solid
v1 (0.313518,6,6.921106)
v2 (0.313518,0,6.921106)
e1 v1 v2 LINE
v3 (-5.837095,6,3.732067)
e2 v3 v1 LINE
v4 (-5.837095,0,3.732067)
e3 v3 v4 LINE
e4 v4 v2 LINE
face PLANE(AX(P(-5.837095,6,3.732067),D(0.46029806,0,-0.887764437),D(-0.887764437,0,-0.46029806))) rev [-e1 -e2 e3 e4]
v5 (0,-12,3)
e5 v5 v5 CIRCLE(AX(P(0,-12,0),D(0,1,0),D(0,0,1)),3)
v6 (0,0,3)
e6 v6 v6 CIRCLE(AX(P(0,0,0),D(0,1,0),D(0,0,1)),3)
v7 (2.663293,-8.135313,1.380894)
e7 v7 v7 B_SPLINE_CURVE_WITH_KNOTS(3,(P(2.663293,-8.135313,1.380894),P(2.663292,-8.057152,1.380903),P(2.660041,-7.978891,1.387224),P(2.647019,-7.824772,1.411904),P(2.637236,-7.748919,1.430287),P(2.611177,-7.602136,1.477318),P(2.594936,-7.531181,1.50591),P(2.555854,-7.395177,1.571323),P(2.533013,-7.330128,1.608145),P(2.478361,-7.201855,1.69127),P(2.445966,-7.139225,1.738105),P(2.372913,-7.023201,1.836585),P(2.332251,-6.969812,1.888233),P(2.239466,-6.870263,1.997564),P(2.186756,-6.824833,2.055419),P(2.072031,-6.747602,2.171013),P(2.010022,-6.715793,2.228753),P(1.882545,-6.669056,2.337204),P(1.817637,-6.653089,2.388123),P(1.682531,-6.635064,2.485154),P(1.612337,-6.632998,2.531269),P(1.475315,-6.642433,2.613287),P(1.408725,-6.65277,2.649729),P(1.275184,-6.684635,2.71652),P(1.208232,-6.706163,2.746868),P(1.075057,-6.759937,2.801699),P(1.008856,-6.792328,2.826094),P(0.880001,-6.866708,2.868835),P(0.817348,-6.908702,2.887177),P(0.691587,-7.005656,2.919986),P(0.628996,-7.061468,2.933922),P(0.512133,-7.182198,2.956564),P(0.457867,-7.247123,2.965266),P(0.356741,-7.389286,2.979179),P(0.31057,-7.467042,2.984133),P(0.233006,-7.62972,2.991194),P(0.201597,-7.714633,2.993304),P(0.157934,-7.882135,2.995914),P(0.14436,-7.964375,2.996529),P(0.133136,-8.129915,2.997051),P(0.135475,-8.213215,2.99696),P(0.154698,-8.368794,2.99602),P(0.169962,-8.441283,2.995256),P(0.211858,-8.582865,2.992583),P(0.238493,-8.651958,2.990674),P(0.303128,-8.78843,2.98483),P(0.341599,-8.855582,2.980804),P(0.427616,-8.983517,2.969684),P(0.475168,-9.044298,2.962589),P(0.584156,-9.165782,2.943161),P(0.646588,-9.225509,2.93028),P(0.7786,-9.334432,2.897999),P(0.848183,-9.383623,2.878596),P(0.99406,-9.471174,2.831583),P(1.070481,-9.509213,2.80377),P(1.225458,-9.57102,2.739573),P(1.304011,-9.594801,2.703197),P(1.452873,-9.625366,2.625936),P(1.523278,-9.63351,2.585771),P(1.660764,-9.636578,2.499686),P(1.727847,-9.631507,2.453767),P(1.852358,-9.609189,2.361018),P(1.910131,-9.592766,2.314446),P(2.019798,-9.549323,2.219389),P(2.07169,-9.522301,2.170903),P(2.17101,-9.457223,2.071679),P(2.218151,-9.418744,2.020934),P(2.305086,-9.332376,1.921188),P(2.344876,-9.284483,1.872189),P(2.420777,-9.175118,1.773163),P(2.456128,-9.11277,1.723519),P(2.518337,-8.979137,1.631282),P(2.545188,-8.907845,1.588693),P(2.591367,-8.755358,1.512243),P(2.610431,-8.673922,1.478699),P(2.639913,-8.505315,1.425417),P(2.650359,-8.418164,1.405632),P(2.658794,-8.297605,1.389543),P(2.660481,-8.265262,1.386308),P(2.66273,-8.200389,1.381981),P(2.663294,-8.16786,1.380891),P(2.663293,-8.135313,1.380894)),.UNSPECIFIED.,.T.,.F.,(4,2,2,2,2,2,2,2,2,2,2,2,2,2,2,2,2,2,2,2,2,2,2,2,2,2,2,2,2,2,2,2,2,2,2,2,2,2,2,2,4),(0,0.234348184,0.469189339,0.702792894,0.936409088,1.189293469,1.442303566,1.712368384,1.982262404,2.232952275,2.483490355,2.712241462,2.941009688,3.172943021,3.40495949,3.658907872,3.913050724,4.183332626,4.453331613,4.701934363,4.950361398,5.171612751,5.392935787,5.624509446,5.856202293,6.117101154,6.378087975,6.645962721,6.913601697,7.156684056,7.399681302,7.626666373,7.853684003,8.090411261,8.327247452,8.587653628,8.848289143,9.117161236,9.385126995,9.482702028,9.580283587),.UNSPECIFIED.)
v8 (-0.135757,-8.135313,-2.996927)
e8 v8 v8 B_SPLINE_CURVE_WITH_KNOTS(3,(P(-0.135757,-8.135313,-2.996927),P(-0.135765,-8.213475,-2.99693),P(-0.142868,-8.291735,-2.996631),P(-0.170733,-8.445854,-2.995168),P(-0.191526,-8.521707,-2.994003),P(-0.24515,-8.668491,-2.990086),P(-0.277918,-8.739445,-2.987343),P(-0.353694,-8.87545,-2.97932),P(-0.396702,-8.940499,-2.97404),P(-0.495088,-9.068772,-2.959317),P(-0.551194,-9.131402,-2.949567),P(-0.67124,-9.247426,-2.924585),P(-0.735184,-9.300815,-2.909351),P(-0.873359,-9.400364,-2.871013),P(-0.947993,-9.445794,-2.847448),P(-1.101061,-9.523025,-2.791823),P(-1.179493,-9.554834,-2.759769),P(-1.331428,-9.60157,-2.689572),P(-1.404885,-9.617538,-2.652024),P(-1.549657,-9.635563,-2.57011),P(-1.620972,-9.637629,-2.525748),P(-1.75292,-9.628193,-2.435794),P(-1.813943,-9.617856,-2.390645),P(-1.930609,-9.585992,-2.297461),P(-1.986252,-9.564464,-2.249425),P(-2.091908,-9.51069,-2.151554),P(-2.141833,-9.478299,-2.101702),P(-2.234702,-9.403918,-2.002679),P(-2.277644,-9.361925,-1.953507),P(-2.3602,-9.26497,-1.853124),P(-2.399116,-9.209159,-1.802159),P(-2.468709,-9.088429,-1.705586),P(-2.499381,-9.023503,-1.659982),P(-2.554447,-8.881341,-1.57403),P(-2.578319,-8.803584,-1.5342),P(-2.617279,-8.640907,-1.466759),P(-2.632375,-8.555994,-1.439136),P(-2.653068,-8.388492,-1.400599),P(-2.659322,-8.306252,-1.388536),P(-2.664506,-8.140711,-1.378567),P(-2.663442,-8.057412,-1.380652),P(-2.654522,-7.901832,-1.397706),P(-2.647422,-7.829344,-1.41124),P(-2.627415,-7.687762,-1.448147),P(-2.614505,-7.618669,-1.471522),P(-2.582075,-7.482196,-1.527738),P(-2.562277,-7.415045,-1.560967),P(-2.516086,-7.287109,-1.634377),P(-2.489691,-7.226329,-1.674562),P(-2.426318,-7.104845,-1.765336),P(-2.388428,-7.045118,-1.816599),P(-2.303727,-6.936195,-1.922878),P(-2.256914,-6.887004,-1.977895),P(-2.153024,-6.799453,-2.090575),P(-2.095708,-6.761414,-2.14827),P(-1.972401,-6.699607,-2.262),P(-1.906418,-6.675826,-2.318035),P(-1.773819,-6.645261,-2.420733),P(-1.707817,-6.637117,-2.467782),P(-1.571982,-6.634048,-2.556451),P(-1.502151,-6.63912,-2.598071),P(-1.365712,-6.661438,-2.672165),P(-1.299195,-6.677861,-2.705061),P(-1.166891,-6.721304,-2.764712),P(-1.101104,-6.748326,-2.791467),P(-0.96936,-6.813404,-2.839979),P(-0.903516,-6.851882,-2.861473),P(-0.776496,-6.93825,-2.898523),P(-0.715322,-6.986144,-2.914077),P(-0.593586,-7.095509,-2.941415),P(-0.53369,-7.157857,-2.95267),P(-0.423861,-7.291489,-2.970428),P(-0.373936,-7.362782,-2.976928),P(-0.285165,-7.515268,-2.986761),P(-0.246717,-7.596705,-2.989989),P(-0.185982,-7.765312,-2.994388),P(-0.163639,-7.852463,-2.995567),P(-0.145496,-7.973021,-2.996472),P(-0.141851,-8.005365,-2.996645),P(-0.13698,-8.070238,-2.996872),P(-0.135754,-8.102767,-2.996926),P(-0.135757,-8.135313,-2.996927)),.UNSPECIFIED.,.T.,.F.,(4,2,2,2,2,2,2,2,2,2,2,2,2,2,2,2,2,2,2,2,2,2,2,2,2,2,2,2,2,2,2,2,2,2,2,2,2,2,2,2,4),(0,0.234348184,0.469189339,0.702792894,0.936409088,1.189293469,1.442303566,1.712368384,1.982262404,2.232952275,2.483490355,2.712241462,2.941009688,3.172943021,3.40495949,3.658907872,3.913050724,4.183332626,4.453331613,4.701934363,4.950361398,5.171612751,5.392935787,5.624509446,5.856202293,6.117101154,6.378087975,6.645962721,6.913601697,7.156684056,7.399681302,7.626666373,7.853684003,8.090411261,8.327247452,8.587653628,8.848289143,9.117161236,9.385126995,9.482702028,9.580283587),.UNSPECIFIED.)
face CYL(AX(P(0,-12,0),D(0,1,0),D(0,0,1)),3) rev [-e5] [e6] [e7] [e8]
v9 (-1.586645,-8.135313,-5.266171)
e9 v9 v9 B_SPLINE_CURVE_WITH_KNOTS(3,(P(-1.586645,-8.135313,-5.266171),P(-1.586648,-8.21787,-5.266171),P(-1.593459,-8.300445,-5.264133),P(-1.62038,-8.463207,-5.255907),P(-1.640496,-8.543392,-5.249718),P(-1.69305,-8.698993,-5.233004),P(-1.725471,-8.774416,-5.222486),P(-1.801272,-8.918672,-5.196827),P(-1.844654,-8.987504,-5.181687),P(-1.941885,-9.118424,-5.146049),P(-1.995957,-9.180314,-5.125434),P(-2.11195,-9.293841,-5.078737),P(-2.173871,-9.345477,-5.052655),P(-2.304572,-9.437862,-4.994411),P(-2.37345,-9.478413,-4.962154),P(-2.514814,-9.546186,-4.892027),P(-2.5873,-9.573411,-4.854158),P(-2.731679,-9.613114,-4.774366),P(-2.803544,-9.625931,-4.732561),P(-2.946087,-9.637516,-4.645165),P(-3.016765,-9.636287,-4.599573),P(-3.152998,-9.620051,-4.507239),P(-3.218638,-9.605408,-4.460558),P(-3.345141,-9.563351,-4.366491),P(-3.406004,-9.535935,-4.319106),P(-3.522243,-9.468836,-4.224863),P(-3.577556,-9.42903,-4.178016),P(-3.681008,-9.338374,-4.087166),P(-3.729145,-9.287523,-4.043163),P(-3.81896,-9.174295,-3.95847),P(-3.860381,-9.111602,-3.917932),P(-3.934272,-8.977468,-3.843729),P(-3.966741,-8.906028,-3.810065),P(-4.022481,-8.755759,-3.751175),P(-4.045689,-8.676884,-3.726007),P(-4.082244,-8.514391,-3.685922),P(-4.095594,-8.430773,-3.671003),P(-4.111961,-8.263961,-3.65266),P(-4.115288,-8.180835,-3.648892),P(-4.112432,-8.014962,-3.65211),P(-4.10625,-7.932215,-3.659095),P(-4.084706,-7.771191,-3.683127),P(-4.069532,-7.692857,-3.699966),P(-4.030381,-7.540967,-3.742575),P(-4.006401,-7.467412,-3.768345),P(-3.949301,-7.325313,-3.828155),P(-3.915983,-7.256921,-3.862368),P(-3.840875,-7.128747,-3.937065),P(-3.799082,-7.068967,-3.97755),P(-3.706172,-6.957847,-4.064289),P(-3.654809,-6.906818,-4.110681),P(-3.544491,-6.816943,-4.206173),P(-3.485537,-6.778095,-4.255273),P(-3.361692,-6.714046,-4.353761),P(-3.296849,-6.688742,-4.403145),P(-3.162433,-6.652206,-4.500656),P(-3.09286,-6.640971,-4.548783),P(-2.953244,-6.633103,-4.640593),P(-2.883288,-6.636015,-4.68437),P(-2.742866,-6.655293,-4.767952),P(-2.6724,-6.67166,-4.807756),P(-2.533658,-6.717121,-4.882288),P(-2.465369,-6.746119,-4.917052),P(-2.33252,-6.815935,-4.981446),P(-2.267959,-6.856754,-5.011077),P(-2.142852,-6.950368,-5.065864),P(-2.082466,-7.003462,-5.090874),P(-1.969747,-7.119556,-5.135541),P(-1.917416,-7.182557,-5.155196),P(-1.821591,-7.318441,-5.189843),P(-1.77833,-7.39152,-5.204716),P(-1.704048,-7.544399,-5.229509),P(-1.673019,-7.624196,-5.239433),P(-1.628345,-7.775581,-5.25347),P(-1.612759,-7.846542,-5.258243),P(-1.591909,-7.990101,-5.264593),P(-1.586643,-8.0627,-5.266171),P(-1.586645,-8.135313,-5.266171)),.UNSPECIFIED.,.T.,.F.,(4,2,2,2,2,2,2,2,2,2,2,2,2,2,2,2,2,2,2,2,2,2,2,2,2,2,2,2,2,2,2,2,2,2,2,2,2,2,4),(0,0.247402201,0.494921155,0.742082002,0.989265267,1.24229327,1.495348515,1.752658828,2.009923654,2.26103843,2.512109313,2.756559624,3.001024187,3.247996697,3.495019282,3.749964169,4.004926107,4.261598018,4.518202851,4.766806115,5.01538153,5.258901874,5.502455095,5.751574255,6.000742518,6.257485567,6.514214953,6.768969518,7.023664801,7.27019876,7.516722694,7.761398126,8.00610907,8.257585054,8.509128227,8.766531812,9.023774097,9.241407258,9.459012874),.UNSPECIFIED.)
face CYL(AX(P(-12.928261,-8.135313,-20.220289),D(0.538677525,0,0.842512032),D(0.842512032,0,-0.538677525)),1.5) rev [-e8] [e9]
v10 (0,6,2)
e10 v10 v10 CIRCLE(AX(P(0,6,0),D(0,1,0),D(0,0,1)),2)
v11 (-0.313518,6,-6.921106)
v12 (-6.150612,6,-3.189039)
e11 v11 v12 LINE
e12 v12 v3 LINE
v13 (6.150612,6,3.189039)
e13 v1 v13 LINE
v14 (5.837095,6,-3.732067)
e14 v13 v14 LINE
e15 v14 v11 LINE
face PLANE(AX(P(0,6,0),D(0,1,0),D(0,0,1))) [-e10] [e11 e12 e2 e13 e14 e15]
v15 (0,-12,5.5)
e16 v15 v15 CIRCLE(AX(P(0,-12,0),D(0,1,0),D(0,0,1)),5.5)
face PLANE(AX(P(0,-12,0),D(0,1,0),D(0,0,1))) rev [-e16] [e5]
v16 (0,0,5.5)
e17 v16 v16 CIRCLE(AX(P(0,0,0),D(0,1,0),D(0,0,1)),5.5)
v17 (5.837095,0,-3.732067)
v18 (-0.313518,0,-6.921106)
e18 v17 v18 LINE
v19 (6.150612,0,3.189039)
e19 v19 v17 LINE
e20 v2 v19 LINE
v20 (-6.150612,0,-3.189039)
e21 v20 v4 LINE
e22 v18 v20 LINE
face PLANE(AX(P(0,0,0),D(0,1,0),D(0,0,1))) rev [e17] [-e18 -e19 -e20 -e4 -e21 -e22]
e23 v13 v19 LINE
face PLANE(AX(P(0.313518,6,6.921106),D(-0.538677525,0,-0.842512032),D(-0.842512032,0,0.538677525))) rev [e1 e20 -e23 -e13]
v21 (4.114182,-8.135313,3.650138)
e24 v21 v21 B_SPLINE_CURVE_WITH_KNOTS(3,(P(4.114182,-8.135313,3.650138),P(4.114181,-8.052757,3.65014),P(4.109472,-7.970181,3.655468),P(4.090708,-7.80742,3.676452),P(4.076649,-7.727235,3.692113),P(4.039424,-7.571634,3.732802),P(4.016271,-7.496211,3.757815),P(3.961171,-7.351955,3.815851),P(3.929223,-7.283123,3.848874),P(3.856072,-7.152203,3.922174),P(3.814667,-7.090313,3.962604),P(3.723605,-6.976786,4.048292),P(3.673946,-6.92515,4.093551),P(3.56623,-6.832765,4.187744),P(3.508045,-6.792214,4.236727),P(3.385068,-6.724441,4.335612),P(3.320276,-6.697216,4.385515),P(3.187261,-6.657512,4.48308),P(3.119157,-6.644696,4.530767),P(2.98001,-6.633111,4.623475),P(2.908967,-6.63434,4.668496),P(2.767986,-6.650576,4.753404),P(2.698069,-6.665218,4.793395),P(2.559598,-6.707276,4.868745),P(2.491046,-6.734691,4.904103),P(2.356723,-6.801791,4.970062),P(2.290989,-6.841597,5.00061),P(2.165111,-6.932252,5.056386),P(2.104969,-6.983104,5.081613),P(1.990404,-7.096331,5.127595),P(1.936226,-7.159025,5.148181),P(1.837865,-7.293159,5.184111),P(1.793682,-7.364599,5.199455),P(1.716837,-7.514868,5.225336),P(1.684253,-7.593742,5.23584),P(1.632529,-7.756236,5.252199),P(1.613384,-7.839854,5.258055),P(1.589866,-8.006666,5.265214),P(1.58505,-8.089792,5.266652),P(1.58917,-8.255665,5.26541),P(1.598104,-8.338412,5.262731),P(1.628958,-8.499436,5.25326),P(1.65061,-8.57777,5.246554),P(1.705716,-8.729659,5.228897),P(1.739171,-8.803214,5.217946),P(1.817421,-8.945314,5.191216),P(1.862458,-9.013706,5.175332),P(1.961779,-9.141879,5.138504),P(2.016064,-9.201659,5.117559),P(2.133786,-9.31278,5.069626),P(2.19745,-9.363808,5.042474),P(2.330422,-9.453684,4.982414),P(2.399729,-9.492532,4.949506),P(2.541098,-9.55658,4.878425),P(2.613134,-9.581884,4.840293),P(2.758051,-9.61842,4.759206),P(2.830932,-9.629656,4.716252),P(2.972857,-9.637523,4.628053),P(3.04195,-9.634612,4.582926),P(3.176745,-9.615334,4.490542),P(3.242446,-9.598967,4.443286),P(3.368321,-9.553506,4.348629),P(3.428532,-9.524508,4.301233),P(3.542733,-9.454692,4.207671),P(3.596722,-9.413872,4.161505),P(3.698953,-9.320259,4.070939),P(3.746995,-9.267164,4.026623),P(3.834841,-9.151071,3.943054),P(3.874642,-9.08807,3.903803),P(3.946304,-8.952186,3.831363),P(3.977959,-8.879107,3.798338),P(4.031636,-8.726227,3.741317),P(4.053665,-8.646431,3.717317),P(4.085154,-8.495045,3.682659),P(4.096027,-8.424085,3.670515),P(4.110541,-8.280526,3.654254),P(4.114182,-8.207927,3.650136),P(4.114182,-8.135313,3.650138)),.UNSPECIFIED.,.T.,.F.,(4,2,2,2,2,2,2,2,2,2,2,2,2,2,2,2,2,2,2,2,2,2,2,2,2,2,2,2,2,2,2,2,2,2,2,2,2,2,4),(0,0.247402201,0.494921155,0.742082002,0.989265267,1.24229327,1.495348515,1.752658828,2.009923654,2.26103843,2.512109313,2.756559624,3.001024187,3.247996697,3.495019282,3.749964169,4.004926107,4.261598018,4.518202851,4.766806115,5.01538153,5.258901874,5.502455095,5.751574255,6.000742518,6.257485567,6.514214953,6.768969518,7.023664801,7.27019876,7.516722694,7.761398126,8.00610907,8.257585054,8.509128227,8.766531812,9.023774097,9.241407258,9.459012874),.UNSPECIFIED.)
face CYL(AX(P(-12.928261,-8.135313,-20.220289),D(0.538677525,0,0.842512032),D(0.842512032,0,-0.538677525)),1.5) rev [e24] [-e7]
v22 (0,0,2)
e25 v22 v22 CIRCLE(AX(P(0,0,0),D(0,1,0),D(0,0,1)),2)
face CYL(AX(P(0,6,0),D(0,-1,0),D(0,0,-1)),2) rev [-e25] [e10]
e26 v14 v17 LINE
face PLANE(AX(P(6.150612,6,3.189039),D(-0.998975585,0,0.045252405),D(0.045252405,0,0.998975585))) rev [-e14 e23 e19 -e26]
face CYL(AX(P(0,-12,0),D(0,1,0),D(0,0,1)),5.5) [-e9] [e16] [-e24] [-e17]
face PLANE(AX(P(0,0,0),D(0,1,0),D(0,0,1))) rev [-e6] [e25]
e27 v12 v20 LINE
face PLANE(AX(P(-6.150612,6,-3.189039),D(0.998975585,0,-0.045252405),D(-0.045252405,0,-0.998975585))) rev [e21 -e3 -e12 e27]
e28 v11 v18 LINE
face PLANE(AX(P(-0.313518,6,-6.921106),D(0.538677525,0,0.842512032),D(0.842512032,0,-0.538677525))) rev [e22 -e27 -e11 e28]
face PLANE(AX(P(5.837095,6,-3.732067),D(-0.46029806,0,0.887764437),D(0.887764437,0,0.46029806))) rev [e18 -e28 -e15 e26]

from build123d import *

# Parameters (mm, degrees)
SKETCH_1_R          = 2
EXTRUDE_1_DEPTH     = 6
SKETCH_1_3_R        = 5.5
SKETCH_1_3_R_2      = 3
EXTRUDE_2_DEPTH     = 12
SKETCH_2_R          = 1.5
CUT_EXTRUDE_1_DEPTH = 30


with BuildPart() as part:
    # 草图1 → 凸台-拉伸1 (new body)
    with BuildSketch(Plane(origin=(0, 0, 0), x_dir=(1, 0, 0), z_dir=(0, 1, 0))):
        Polygon((5.837094583, 3.732067367), (-0.313517857, 6.921105876), (-6.15061244, 3.18903851), (-5.837094583, -3.732067367), (0.313517857, -6.921105876), (6.15061244, -3.18903851), align=None)
        Circle(SKETCH_1_R, mode=Mode.SUBTRACT)
    extrude(amount=EXTRUDE_1_DEPTH)

    # 草图1<3> → 凸台-拉伸2 (add)
    with BuildSketch(Plane(origin=(0, 0, 0), x_dir=(1, 0, 0), z_dir=(0, 1, 0))):
        Circle(SKETCH_1_3_R)
        Circle(SKETCH_1_3_R_2, mode=Mode.SUBTRACT)
    extrude(amount=-EXTRUDE_2_DEPTH)

    # 草图2 → 切除-拉伸1 (cut)
    with BuildSketch(Plane(origin=(3.232065148, 0, 5.055072193), x_dir=(0.8425120321737304, 0, -0.5386775247237361), z_dir=(0.538677524723736, 0, 0.8425120321737303))):
        with Locations((0, -8.135313369)):
            Circle(SKETCH_2_R)
    extrude(amount=-CUT_EXTRUDE_1_DEPTH, mode=Mode.SUBTRACT)


solid = part.part
